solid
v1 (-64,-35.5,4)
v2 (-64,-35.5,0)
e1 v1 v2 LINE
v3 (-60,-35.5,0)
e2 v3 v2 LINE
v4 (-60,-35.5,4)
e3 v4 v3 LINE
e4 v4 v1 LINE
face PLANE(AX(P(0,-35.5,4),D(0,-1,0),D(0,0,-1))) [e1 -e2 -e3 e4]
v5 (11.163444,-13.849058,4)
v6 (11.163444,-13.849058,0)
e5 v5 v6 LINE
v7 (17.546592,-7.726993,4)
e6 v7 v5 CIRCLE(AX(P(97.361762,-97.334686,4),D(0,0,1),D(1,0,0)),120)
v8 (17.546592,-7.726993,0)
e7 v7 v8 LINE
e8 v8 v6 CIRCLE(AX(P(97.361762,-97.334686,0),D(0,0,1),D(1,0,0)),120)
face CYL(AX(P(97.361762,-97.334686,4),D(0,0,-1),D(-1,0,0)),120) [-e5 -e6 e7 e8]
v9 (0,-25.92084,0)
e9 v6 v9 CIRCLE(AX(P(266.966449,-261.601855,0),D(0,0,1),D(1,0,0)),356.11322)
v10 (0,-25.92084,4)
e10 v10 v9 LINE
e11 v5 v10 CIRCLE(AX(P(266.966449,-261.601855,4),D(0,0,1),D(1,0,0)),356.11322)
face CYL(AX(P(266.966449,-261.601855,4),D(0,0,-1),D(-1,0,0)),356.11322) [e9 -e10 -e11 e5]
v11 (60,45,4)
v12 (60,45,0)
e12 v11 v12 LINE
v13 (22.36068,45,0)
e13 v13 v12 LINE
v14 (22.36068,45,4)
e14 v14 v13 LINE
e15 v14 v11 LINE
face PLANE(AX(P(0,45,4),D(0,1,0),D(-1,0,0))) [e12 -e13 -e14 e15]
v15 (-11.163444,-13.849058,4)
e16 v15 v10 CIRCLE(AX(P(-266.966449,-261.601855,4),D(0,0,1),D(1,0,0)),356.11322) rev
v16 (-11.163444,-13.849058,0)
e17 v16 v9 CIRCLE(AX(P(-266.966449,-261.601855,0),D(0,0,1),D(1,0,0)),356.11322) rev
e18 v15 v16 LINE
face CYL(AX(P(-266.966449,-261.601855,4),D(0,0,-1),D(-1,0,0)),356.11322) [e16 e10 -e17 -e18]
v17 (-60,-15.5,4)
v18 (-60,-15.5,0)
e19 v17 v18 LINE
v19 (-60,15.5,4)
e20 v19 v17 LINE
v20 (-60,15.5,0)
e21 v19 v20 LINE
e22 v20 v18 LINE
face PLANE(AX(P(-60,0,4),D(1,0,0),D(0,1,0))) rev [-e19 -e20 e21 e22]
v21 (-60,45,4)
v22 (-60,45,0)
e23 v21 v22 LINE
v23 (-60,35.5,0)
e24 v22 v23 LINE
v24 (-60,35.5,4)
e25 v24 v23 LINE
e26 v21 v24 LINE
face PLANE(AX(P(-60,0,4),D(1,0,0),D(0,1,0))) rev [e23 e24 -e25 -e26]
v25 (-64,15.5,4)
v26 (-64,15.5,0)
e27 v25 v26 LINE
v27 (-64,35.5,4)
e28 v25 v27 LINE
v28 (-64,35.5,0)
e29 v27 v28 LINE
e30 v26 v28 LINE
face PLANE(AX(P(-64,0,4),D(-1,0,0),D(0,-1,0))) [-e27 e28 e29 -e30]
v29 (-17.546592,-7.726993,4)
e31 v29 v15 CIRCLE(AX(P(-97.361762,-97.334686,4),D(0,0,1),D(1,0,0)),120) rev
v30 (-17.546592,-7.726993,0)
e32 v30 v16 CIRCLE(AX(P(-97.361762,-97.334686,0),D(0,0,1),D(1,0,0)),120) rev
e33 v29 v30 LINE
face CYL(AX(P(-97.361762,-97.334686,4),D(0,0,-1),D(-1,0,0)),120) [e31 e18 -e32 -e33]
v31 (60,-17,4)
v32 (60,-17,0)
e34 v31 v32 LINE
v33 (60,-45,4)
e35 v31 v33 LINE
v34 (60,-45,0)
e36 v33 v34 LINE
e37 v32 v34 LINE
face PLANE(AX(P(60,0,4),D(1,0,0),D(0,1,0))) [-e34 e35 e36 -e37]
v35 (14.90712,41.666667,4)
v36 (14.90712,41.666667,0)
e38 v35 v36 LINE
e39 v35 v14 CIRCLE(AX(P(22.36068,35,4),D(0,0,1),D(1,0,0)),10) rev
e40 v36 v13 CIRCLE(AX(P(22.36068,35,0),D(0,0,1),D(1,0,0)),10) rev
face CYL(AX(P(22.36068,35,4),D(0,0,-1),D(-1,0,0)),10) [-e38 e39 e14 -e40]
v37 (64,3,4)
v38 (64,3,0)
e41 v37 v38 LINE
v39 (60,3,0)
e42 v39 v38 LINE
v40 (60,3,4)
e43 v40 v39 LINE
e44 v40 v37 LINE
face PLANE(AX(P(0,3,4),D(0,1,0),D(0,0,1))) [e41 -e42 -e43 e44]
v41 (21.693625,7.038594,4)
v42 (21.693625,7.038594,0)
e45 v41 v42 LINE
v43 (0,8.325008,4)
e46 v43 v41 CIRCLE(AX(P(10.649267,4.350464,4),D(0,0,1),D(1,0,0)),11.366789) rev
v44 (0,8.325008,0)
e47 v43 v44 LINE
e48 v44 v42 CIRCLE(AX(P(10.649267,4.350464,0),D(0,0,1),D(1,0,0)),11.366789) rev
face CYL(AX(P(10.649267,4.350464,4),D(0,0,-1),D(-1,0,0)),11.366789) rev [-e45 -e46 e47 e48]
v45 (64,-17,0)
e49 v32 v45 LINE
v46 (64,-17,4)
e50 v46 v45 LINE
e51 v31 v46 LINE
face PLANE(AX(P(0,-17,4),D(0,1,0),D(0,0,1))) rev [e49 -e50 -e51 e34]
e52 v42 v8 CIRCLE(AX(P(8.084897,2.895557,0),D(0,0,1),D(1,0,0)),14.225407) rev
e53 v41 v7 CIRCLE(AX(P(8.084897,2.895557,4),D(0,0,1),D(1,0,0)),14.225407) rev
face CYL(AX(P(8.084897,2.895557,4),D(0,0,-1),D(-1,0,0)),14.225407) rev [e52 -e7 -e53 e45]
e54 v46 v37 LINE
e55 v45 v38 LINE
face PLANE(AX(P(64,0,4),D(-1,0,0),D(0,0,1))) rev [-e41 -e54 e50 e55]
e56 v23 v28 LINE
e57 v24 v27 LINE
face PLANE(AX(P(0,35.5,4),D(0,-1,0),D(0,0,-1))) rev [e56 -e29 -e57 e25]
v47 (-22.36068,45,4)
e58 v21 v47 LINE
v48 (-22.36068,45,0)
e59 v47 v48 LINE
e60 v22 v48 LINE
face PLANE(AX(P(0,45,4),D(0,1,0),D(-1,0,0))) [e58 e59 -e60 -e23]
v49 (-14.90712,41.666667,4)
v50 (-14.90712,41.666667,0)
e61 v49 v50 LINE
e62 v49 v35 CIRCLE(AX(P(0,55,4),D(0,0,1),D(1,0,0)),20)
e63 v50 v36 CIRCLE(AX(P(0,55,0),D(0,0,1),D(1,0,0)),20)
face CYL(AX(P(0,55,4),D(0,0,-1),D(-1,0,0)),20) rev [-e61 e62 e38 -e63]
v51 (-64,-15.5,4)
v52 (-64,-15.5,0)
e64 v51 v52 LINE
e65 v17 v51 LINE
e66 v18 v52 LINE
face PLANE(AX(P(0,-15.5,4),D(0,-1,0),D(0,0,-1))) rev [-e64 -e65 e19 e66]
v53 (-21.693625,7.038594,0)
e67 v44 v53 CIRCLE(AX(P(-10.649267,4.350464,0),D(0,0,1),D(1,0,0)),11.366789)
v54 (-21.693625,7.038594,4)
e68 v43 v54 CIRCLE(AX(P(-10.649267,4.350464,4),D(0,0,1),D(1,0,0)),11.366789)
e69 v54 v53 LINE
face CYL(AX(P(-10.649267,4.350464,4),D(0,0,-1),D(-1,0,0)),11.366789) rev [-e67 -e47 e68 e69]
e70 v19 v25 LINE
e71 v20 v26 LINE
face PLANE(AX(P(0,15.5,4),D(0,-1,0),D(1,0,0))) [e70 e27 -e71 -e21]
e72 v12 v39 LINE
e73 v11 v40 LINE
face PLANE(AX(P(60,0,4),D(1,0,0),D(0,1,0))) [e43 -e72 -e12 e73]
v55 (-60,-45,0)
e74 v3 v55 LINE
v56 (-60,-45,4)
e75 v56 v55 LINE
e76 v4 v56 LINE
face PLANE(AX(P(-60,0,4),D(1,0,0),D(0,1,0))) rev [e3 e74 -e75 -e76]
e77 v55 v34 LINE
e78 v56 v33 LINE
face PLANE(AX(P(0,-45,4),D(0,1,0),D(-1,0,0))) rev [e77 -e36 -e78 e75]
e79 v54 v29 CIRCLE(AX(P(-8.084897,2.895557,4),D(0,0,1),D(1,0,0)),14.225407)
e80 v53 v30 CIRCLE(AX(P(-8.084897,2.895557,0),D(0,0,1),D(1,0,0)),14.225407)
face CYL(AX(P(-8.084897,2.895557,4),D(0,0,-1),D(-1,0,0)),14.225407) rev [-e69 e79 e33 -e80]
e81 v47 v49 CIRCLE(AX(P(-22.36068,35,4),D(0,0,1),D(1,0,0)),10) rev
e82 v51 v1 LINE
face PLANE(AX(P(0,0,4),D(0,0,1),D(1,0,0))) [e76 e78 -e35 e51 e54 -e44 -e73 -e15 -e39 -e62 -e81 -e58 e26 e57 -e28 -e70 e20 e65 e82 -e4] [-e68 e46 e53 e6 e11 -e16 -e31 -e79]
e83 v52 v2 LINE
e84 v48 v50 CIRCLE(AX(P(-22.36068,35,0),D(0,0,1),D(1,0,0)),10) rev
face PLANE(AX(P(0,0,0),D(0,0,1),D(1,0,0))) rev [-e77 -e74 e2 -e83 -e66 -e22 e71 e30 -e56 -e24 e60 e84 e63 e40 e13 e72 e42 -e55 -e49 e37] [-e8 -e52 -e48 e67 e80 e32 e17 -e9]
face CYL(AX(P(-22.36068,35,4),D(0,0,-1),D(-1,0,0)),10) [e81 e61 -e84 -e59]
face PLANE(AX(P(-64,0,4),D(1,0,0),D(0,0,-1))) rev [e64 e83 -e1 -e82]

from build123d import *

# Parameters (mm, degrees)
SKETCH_1_W      = 4
SKETCH_1_H      = 20
EXTRUDE_1_DEPTH = 4


with BuildPart() as part:
    # Эскиз1 → Бобышка-Вытянуть1 (new body)
    # profile 1 of 4: a face of its own
    with BuildSketch(Plane.XY):
        with BuildLine():
            Line((-60, 45), (-22.360679775, 45))
            ThreePointArc((-22.360679775, 45), (-18.27819687, 44.128709292), (-14.90711985, 41.666666667))
            ThreePointArc((-14.90711985, 41.666666667), (0, 35), (14.90711985, 41.666666667))
            ThreePointArc((14.90711985, 41.666666667), (18.27819687, 44.128709292), (22.360679775, 45))
            Line((22.360679775, 45), (60, 45))
            Line((60, 45), (60, -45))
            Line((60, -45), (-60, -45))
            Line((-60, -45), (-60, 45))
        make_face()
        with BuildLine():
            ThreePointArc((0, 8.325008306), (-11.322126202, 15.697320009), (-21.693624825, 7.038593896))
            ThreePointArc((-21.693624825, 7.038593896), (-21.780397742, -0.950934053), (-17.546591805, -7.726992913))
            ThreePointArc((-17.546591805, -7.726992913), (-14.298596462, -10.729197825), (-11.163444206, -13.849058145))
            ThreePointArc((-11.163444206, -13.849058145), (-5.512041052, -19.820511257), (0, -25.920840209))
            ThreePointArc((0, -25.920840209), (5.512041052, -19.820511257), (11.163444206, -13.849058145))
            ThreePointArc((11.163444206, -13.849058145), (14.298596462, -10.729197825), (17.546591805, -7.726992913))
            ThreePointArc((17.546591805, -7.726992913), (21.780397742, -0.950934053), (21.693624825, 7.038593896))
            ThreePointArc((21.693624825, 7.038593896), (11.322126202, 15.697320009), (0, 8.325008306))
        make_face(mode=Mode.SUBTRACT)
    # profile 2 of 4: a face of its own
    with BuildSketch(Plane.XY):
        with Locations((-62, -25.5)):
            Rectangle(SKETCH_1_W, SKETCH_1_H)
    # profile 3 of 4: a face of its own
    with BuildSketch(Plane.XY):
        with Locations((-62, 25.5)):
            Rectangle(SKETCH_1_W, SKETCH_1_H)
    # profile 4 of 4: a face of its own
    with BuildSketch(Plane.XY):
        with Locations((62, -7)):
            Rectangle(SKETCH_1_W, SKETCH_1_H)
    extrude(amount=EXTRUDE_1_DEPTH)


solid = part.part
